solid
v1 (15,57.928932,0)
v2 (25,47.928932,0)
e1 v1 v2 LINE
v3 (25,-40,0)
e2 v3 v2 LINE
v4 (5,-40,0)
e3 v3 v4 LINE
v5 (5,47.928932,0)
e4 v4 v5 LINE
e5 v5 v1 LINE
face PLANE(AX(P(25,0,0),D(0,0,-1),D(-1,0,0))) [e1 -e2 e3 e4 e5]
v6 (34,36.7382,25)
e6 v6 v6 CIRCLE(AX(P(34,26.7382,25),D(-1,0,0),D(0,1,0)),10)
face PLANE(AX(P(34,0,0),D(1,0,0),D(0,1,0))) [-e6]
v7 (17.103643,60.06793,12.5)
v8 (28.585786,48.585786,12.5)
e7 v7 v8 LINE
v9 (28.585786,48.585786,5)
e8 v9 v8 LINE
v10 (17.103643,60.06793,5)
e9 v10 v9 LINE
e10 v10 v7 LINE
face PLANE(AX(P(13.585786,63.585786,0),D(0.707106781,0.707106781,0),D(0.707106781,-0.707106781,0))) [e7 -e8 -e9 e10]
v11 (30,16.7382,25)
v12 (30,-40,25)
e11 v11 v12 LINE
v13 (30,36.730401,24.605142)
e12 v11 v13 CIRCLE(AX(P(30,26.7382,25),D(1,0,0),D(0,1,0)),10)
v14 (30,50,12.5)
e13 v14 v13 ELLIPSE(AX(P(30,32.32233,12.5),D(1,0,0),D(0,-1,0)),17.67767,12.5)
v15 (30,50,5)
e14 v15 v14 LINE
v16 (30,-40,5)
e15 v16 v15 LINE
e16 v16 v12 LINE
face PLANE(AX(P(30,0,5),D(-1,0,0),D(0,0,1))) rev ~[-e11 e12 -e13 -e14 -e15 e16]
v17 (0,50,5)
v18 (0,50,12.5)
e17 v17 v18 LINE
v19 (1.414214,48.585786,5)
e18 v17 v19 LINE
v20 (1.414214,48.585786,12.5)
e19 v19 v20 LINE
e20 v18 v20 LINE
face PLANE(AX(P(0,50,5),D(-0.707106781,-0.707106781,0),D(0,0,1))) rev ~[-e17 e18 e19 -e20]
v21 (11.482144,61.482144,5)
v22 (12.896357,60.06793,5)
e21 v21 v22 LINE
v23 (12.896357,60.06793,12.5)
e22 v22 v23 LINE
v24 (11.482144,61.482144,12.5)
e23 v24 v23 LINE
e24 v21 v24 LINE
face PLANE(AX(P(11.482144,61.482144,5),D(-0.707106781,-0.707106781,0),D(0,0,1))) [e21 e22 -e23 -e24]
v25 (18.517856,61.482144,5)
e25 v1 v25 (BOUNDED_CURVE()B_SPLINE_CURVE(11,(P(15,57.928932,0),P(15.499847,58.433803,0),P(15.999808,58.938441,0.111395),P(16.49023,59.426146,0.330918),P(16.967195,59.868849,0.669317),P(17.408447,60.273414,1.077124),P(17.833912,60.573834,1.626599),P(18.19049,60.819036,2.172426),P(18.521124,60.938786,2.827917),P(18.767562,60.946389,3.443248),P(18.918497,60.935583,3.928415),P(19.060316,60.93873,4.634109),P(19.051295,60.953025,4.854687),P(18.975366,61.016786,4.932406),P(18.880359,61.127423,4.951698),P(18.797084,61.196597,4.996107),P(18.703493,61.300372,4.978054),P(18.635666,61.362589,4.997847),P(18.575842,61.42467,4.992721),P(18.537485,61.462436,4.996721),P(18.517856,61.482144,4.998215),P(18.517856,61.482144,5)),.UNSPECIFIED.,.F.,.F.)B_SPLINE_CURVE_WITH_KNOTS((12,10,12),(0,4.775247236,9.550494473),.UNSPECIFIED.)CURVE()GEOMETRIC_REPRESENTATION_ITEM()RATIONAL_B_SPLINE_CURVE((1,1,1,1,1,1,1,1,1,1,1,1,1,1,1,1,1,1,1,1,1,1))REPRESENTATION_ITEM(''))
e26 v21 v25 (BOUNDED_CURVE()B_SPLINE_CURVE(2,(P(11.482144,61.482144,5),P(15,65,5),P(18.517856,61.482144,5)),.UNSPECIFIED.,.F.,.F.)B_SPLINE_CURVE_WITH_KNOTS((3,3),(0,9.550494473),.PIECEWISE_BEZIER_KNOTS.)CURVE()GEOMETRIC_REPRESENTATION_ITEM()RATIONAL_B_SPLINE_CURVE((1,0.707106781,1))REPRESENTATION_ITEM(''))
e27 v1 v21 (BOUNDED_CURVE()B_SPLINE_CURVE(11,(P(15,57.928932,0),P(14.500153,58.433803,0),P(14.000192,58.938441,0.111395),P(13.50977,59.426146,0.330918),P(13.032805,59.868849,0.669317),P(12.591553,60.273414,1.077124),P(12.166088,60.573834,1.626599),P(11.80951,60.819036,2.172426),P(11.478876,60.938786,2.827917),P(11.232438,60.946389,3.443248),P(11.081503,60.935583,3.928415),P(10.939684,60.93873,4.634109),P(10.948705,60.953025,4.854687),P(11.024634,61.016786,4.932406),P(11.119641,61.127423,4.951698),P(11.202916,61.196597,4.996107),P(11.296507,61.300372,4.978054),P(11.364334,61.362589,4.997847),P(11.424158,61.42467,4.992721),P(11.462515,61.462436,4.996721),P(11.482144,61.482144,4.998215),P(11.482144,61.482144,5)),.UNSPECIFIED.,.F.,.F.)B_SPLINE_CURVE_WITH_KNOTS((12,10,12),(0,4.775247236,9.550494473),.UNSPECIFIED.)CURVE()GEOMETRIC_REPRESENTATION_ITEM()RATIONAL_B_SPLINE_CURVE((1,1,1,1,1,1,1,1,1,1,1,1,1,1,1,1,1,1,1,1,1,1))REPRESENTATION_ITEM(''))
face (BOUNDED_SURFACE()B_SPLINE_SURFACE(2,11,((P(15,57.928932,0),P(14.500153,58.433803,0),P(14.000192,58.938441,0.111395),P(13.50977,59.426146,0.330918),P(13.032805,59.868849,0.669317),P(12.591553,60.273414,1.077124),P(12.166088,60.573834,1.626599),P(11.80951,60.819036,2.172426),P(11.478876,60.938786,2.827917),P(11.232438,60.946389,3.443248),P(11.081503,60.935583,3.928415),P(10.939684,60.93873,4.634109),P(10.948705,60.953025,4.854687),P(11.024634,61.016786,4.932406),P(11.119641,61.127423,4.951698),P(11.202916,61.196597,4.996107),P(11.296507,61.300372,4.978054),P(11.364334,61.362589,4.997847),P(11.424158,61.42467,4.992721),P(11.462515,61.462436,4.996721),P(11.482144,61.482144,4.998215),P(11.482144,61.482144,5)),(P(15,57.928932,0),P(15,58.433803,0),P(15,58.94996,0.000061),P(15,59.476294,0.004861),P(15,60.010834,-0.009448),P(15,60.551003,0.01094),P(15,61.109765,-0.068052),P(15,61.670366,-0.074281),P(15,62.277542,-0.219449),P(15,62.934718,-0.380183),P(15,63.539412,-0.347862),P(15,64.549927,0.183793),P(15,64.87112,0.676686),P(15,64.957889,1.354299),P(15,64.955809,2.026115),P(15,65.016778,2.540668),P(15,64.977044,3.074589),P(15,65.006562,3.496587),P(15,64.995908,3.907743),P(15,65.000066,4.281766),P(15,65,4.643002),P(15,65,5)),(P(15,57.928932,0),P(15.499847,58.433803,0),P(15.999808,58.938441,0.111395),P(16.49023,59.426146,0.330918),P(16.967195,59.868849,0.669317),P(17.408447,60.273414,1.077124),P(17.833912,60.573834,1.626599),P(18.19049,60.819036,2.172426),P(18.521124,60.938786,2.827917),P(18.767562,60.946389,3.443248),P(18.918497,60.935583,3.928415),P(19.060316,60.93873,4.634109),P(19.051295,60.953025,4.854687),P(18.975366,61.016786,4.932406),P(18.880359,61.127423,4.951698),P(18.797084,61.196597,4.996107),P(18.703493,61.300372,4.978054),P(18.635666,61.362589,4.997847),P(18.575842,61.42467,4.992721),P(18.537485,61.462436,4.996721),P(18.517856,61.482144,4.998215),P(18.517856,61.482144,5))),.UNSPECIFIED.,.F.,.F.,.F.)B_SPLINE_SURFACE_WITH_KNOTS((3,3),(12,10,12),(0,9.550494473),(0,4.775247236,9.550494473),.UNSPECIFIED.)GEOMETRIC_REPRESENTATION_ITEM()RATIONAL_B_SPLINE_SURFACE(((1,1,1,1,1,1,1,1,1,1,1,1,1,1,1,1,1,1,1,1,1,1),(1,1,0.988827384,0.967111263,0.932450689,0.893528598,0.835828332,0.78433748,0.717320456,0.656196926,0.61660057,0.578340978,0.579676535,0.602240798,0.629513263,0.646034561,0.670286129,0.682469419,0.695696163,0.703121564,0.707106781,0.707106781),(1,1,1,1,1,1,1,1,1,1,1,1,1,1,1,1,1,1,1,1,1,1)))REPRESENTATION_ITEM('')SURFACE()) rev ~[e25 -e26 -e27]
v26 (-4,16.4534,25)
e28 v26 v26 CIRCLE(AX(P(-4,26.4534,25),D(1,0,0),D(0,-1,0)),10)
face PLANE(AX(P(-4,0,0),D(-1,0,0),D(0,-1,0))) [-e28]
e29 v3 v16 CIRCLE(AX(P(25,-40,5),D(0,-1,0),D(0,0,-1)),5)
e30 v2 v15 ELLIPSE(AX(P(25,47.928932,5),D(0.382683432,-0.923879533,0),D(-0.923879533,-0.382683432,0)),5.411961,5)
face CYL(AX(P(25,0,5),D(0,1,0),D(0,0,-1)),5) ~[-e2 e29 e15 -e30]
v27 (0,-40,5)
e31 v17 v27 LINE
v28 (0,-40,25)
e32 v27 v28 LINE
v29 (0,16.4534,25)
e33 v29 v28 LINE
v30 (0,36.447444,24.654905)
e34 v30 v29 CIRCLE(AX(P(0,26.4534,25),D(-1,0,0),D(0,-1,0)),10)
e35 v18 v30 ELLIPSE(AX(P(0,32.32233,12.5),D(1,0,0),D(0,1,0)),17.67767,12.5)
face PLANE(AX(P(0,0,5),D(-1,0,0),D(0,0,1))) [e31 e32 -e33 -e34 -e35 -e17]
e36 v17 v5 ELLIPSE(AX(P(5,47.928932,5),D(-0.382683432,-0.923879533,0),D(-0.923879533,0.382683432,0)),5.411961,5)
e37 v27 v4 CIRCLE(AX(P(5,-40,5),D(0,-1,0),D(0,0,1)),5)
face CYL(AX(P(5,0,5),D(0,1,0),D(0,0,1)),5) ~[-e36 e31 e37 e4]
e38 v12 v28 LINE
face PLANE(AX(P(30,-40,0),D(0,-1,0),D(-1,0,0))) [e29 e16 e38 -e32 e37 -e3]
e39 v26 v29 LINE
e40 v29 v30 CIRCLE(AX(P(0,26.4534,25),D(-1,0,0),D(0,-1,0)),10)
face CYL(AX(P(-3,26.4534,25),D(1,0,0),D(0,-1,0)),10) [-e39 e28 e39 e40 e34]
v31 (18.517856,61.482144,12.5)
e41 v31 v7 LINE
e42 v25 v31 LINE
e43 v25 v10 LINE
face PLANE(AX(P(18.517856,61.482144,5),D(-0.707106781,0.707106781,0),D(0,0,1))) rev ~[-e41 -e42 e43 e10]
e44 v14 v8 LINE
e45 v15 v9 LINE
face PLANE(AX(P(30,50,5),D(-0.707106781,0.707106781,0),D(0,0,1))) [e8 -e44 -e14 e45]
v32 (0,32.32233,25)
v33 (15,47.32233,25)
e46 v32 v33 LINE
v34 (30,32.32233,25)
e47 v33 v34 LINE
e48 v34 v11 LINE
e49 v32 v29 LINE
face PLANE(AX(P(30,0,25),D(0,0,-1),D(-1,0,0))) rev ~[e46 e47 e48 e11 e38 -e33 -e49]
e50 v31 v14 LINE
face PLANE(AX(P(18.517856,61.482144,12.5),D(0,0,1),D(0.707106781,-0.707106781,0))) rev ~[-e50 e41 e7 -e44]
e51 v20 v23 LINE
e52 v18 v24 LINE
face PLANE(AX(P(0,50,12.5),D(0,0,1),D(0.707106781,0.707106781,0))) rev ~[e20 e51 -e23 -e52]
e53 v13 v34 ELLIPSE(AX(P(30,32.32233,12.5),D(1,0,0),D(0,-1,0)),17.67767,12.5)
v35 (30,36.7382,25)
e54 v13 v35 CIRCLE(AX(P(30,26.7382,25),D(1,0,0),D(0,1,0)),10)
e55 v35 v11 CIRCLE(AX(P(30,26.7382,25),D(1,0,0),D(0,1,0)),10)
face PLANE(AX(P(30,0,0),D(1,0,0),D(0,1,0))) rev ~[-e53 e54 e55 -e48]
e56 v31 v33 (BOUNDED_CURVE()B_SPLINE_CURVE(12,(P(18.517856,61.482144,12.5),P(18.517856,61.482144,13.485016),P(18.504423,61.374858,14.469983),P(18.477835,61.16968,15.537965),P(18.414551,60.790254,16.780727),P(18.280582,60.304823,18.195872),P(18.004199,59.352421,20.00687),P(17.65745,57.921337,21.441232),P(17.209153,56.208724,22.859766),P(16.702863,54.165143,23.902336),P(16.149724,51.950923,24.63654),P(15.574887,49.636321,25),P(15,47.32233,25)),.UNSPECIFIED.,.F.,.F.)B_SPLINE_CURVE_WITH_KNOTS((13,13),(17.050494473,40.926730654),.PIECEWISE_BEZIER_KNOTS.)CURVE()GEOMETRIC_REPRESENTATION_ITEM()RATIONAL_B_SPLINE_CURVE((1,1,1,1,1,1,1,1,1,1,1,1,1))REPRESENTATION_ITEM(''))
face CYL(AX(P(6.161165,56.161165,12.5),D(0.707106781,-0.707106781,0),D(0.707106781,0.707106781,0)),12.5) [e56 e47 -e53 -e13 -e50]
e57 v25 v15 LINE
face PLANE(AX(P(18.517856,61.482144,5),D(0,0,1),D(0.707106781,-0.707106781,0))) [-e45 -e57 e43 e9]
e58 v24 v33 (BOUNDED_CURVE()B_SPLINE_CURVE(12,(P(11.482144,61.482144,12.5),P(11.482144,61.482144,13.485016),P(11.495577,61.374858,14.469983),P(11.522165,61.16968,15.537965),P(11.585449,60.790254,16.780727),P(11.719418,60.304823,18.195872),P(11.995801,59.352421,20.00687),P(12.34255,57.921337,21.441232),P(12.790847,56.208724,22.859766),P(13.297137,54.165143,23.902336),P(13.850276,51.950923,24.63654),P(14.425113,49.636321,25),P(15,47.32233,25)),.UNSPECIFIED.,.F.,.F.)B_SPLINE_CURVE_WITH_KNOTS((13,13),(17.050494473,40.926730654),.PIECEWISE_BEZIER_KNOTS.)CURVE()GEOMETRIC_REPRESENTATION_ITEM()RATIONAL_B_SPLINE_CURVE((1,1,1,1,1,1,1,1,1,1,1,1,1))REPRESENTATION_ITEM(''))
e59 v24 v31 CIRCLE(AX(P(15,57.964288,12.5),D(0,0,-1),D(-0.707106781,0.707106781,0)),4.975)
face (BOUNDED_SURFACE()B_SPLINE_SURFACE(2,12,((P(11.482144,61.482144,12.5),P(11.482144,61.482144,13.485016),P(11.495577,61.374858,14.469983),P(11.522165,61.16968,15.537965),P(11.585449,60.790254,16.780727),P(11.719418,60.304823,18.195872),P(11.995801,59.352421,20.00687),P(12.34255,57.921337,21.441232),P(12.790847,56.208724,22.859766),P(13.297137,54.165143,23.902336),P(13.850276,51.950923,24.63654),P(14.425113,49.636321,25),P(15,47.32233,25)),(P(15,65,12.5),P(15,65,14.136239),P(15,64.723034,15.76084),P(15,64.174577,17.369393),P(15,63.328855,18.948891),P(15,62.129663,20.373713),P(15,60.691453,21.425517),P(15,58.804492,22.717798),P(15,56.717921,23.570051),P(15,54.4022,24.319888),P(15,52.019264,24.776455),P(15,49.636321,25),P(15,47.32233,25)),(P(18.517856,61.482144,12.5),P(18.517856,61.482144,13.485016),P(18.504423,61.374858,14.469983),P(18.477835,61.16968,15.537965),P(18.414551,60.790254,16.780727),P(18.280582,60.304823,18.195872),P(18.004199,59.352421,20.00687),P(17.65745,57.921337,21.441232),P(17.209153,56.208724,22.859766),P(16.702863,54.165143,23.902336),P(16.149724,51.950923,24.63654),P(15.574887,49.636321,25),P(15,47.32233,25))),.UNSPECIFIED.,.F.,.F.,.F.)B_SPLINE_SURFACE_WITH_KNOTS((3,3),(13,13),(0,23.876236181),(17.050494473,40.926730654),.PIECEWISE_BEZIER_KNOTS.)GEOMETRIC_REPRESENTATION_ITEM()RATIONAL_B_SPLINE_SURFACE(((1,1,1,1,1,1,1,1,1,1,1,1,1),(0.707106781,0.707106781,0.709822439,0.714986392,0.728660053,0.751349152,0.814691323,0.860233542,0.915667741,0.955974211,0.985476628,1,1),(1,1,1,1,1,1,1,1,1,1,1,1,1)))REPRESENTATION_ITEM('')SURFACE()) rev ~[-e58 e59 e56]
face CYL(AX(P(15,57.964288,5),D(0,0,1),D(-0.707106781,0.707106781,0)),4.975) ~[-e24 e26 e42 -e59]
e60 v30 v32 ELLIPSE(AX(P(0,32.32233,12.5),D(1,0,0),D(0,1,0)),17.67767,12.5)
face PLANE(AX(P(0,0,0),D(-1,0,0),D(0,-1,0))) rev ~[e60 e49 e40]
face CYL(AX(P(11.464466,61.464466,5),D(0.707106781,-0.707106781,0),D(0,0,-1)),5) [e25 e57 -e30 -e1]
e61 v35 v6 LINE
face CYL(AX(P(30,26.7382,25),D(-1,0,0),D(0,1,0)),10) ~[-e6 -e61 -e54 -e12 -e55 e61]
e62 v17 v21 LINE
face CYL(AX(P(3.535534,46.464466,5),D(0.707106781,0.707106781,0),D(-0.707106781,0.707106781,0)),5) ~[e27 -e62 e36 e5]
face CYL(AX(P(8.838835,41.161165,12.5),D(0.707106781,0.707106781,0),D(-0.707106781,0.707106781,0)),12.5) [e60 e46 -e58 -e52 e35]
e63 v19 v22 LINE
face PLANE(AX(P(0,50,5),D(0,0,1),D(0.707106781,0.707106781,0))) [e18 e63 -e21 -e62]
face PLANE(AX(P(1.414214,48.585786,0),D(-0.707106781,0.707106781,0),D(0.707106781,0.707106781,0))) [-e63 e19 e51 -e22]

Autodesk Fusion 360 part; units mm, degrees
sketch "Sketch1" plane through (0, 0, 0) normal (0, 0, 1) x (1, 0, 0)
sketch "Sketch2" plane through (0, 0, 0) normal (0, 0, 1) x (1, 0, 0)
sketch "Sketch3" plane through (0, 0, 0) normal (0, 0, 1) x (1, 0, 0)
  line L0 (0, 0) -> (0, 50)
  line L1 (0, 50) -> (15, 65)
  line L2 (15, 65) -> (30, 50)
  line L3 (30, 50) -> (30, 0)
  line L4 (30, 0) -> (0, 0)
extrude "Extrude1" add sketch "Sketch3" along normal blind 25
fillet "Fillet1" radius 12.5 2 edges at (22.5, 57.5, 25) (7.5, 57.5, 25)
fillet "Fillet2" radius 5 4 edges at (0, 25, 0) (30, 25, 0) (22.5, 57.5, 0) (7.5, 57.5, 0)
fillet "Fillet3" radius 5 3 edges at (15, 62.9289, 1.4645) (15, 65, 8.75) (15, 59.8223, 21.3388)
extrude "Extrude2" add 1 faces at (11.6667, 0, 16.6667) along direction (0, -1, 0) blind 40
extrude "Extrude3" cut 1 faces at (22.3452, 57.6548, 10) along direction (-0.707107, -0.707107, 0) blind 2
extrude "Extrude4" cut 1 faces at (7.6548, 57.6548, 10) along direction (0.707107, -0.707107, 0) blind 2
sketch "Sketch4" plane through (0, 0, 0) normal (-1, 0, 0) x (0, -1, 0)
  line L0 (-50, 5) -> (40, 5)
  line L1 (40, 5) -> (40, 25)
  line L2 (40, 25) -> (-32.3223, 25)
  ellipse E0 centre (-32.3223, 12.5) end of major axis (-50, 12.5) minor radius 12.5 (-32.3223, 25) -> (-50, 12.5) ccw
  line L3 (-50, 12.5) -> (-50, 5)
  circle A0 centre (-26.4534, 25) radius 10
  dimension "d15" = 20
extrude "Extrude5" add sketch "Sketch4" along normal blind 3 contours L2 E0 A0 | L2 E0 A0
extrude "Extrude6" add 1 faces at (-3, 25.7282, 28.0287) along direction (-1, 0, 0) blind 1
sketch "Sketch5" plane through (30, 0, 0) normal (1, 0, 0) x (0, 1, 0)
  line L0 (-40, 5) -> (50, 5)
  line L1 (50, 5) -> (50, 12.5)
  ellipse E0 centre (32.3223, 12.5) end of major axis (50, 12.5) minor radius 12.5 (50, 12.5) -> (32.3223, 25) ccw
  line L2 (32.3223, 25) -> (-40, 25)
  line L3 (-40, 25) -> (-40, 5)
  circle A0 centre (26.7382, 25) radius 10
  dimension "d20" = 20
extrude "Extrude7" add sketch "Sketch5" along normal blind 4 contours E0 L2 A0 | E0 L2 A0
